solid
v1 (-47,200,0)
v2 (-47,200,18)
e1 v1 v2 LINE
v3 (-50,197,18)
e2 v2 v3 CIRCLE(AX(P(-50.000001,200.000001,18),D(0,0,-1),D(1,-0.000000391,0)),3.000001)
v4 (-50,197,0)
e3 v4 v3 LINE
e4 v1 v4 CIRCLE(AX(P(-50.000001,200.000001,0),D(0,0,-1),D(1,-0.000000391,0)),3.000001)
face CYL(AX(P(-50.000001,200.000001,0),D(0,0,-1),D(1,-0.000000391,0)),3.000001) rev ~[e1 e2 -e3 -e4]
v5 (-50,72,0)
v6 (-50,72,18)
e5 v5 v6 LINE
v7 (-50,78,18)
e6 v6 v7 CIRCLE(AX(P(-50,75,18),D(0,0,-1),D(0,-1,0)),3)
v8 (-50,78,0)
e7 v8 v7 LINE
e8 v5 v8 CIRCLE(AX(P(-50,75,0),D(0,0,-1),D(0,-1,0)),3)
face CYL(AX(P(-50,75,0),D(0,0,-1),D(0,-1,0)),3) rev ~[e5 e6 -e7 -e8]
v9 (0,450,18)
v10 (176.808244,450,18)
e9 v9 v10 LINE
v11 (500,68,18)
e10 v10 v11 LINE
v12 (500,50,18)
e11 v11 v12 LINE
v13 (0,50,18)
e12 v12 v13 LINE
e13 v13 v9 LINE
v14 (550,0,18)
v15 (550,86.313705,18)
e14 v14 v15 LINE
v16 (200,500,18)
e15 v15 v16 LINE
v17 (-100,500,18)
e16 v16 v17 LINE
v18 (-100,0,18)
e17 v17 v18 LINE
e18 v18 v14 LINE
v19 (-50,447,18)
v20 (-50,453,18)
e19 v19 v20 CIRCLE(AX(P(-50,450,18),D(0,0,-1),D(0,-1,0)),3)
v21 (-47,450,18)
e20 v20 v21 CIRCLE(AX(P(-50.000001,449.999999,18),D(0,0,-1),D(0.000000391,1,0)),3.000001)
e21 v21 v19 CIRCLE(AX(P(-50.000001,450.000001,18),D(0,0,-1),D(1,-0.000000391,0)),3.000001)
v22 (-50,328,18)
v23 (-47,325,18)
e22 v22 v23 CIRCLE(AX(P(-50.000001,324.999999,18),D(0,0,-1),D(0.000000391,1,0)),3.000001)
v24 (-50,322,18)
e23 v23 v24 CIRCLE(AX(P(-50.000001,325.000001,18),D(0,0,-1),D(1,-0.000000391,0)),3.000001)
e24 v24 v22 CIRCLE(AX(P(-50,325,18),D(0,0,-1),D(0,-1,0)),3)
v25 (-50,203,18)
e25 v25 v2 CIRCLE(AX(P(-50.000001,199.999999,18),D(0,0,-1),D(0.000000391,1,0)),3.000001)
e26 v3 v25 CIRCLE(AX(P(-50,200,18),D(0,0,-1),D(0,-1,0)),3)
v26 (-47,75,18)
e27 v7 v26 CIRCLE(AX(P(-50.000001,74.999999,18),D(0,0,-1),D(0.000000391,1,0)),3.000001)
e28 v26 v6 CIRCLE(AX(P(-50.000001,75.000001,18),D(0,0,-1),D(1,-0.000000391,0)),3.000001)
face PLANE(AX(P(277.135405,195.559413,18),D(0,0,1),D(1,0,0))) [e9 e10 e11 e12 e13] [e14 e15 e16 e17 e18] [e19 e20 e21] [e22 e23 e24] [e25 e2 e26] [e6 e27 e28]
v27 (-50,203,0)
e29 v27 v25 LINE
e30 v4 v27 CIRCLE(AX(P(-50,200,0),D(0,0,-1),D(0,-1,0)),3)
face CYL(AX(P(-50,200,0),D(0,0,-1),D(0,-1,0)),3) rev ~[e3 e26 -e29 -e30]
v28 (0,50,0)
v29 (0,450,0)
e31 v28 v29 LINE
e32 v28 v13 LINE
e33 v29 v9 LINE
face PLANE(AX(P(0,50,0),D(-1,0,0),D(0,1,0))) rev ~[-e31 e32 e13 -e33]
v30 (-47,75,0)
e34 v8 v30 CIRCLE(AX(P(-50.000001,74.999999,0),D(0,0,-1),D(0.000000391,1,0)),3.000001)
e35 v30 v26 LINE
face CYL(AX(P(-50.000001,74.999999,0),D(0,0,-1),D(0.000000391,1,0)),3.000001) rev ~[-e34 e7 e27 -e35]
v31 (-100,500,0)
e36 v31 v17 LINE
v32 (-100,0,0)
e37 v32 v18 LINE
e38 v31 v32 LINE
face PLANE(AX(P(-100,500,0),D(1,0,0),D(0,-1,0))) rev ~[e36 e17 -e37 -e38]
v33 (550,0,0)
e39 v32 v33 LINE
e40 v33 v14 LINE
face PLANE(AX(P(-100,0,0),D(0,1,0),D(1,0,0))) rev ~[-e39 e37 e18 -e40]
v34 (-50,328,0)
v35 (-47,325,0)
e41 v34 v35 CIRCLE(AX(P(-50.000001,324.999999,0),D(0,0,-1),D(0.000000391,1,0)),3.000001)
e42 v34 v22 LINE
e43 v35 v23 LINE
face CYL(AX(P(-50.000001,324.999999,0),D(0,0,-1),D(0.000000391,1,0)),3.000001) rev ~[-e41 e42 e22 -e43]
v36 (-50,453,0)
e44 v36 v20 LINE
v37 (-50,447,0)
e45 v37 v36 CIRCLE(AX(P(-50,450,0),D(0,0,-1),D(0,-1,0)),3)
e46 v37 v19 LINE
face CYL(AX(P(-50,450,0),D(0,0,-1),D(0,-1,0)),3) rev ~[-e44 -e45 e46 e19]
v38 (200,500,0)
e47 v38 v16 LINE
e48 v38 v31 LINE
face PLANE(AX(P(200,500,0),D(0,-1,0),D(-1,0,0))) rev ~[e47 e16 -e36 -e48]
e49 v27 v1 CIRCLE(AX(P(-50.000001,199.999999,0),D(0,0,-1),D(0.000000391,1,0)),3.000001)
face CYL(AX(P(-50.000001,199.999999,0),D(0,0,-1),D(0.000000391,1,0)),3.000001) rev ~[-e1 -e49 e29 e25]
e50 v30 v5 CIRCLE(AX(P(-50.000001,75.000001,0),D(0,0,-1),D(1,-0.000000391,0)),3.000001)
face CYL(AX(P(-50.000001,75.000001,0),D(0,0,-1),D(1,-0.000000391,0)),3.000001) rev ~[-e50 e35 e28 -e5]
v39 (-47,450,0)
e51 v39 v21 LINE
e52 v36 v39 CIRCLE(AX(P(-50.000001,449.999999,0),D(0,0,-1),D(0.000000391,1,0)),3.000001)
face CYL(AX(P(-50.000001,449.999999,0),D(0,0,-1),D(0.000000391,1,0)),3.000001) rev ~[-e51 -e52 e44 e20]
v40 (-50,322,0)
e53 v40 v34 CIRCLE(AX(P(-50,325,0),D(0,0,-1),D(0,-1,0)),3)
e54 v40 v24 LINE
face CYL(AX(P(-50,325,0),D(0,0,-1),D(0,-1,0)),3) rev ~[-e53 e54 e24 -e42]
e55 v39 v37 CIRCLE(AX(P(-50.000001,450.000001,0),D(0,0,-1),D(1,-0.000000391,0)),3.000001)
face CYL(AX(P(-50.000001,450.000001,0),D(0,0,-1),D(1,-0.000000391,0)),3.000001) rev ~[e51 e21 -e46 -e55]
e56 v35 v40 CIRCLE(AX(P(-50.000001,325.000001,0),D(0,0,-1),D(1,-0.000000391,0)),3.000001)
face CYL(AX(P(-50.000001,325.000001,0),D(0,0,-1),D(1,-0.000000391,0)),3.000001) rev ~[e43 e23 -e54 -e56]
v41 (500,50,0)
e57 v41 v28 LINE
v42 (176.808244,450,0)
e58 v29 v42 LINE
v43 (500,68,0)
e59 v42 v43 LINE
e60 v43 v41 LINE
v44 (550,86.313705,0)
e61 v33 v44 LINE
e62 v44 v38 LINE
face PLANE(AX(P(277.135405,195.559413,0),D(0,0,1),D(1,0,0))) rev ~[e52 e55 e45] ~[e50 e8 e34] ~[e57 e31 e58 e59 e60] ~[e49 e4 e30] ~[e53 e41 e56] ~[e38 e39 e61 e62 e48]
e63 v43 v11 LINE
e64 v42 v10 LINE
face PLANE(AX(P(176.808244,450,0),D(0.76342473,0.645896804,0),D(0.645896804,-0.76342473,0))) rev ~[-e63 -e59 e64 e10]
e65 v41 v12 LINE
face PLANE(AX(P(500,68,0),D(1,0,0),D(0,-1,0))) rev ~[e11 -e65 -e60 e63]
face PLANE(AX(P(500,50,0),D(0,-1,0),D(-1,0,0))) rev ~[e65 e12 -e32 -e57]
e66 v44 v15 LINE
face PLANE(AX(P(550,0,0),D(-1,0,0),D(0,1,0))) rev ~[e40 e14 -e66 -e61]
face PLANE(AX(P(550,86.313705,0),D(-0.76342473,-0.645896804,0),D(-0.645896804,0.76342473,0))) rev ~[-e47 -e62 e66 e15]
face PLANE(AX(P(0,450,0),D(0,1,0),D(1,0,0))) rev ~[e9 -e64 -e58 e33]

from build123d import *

# Parameters (mm, degrees)
F1_DEPTH = 18


with BuildPart() as f1:
    # F0 (on Top) → F1 (new body)
    with BuildSketch(Plane.XY):
        Polygon((0, 50), (0, 0), (550, 0), (550, 86.313705), (200, 500), (0, 500), (0, 450), (176.808244, 450), (500, 68), (500, 50), align=None)
        with BuildLine():
            Line((-50, 0), (0, 0))
            Line((0, 0), (0, 50))
            Line((0, 50), (0, 450))
            Line((0, 450), (0, 500))
            Line((0, 500), (-50, 500))
            Line((-50, 500), (-50, 453))
            ThreePointArc((-50, 453), (-47.87868, 452.12132), (-47, 450))
            ThreePointArc((-47, 450), (-47.87868, 447.87868), (-50, 447))
            Line((-50, 447), (-50, 328))
            ThreePointArc((-50, 328), (-47.87868, 327.12132), (-47, 325))
            ThreePointArc((-47, 325), (-47.87868, 322.87868), (-50, 322))
            Line((-50, 322), (-50, 203))
            ThreePointArc((-50, 203), (-47.87868, 202.12132), (-47, 200))
            ThreePointArc((-47, 200), (-47.87868, 197.87868), (-50, 197))
            Line((-50, 197), (-50, 78))
            ThreePointArc((-50, 78), (-47.87868, 77.12132), (-47, 75))
            ThreePointArc((-47, 75), (-47.87868, 72.87868), (-50, 72))
            Line((-50, 72), (-50, 0))
        make_face()
        with BuildLine():
            Line((-100, 0), (-50, 0))
            Line((-50, 0), (-50, 72))
            ThreePointArc((-50, 72), (-53, 75), (-50, 78))
            Line((-50, 78), (-50, 197))
            ThreePointArc((-50, 197), (-53, 200), (-50, 203))
            Line((-50, 203), (-50, 322))
            ThreePointArc((-50, 322), (-53, 325), (-50, 328))
            Line((-50, 328), (-50, 447))
            ThreePointArc((-50, 447), (-53, 450), (-50, 453))
            Line((-50, 453), (-50, 500))
            Line((-50, 500), (-100, 500))
            Line((-100, 500), (-100, 0))
        make_face()
    extrude(amount=F1_DEPTH)


solid = f1.part
